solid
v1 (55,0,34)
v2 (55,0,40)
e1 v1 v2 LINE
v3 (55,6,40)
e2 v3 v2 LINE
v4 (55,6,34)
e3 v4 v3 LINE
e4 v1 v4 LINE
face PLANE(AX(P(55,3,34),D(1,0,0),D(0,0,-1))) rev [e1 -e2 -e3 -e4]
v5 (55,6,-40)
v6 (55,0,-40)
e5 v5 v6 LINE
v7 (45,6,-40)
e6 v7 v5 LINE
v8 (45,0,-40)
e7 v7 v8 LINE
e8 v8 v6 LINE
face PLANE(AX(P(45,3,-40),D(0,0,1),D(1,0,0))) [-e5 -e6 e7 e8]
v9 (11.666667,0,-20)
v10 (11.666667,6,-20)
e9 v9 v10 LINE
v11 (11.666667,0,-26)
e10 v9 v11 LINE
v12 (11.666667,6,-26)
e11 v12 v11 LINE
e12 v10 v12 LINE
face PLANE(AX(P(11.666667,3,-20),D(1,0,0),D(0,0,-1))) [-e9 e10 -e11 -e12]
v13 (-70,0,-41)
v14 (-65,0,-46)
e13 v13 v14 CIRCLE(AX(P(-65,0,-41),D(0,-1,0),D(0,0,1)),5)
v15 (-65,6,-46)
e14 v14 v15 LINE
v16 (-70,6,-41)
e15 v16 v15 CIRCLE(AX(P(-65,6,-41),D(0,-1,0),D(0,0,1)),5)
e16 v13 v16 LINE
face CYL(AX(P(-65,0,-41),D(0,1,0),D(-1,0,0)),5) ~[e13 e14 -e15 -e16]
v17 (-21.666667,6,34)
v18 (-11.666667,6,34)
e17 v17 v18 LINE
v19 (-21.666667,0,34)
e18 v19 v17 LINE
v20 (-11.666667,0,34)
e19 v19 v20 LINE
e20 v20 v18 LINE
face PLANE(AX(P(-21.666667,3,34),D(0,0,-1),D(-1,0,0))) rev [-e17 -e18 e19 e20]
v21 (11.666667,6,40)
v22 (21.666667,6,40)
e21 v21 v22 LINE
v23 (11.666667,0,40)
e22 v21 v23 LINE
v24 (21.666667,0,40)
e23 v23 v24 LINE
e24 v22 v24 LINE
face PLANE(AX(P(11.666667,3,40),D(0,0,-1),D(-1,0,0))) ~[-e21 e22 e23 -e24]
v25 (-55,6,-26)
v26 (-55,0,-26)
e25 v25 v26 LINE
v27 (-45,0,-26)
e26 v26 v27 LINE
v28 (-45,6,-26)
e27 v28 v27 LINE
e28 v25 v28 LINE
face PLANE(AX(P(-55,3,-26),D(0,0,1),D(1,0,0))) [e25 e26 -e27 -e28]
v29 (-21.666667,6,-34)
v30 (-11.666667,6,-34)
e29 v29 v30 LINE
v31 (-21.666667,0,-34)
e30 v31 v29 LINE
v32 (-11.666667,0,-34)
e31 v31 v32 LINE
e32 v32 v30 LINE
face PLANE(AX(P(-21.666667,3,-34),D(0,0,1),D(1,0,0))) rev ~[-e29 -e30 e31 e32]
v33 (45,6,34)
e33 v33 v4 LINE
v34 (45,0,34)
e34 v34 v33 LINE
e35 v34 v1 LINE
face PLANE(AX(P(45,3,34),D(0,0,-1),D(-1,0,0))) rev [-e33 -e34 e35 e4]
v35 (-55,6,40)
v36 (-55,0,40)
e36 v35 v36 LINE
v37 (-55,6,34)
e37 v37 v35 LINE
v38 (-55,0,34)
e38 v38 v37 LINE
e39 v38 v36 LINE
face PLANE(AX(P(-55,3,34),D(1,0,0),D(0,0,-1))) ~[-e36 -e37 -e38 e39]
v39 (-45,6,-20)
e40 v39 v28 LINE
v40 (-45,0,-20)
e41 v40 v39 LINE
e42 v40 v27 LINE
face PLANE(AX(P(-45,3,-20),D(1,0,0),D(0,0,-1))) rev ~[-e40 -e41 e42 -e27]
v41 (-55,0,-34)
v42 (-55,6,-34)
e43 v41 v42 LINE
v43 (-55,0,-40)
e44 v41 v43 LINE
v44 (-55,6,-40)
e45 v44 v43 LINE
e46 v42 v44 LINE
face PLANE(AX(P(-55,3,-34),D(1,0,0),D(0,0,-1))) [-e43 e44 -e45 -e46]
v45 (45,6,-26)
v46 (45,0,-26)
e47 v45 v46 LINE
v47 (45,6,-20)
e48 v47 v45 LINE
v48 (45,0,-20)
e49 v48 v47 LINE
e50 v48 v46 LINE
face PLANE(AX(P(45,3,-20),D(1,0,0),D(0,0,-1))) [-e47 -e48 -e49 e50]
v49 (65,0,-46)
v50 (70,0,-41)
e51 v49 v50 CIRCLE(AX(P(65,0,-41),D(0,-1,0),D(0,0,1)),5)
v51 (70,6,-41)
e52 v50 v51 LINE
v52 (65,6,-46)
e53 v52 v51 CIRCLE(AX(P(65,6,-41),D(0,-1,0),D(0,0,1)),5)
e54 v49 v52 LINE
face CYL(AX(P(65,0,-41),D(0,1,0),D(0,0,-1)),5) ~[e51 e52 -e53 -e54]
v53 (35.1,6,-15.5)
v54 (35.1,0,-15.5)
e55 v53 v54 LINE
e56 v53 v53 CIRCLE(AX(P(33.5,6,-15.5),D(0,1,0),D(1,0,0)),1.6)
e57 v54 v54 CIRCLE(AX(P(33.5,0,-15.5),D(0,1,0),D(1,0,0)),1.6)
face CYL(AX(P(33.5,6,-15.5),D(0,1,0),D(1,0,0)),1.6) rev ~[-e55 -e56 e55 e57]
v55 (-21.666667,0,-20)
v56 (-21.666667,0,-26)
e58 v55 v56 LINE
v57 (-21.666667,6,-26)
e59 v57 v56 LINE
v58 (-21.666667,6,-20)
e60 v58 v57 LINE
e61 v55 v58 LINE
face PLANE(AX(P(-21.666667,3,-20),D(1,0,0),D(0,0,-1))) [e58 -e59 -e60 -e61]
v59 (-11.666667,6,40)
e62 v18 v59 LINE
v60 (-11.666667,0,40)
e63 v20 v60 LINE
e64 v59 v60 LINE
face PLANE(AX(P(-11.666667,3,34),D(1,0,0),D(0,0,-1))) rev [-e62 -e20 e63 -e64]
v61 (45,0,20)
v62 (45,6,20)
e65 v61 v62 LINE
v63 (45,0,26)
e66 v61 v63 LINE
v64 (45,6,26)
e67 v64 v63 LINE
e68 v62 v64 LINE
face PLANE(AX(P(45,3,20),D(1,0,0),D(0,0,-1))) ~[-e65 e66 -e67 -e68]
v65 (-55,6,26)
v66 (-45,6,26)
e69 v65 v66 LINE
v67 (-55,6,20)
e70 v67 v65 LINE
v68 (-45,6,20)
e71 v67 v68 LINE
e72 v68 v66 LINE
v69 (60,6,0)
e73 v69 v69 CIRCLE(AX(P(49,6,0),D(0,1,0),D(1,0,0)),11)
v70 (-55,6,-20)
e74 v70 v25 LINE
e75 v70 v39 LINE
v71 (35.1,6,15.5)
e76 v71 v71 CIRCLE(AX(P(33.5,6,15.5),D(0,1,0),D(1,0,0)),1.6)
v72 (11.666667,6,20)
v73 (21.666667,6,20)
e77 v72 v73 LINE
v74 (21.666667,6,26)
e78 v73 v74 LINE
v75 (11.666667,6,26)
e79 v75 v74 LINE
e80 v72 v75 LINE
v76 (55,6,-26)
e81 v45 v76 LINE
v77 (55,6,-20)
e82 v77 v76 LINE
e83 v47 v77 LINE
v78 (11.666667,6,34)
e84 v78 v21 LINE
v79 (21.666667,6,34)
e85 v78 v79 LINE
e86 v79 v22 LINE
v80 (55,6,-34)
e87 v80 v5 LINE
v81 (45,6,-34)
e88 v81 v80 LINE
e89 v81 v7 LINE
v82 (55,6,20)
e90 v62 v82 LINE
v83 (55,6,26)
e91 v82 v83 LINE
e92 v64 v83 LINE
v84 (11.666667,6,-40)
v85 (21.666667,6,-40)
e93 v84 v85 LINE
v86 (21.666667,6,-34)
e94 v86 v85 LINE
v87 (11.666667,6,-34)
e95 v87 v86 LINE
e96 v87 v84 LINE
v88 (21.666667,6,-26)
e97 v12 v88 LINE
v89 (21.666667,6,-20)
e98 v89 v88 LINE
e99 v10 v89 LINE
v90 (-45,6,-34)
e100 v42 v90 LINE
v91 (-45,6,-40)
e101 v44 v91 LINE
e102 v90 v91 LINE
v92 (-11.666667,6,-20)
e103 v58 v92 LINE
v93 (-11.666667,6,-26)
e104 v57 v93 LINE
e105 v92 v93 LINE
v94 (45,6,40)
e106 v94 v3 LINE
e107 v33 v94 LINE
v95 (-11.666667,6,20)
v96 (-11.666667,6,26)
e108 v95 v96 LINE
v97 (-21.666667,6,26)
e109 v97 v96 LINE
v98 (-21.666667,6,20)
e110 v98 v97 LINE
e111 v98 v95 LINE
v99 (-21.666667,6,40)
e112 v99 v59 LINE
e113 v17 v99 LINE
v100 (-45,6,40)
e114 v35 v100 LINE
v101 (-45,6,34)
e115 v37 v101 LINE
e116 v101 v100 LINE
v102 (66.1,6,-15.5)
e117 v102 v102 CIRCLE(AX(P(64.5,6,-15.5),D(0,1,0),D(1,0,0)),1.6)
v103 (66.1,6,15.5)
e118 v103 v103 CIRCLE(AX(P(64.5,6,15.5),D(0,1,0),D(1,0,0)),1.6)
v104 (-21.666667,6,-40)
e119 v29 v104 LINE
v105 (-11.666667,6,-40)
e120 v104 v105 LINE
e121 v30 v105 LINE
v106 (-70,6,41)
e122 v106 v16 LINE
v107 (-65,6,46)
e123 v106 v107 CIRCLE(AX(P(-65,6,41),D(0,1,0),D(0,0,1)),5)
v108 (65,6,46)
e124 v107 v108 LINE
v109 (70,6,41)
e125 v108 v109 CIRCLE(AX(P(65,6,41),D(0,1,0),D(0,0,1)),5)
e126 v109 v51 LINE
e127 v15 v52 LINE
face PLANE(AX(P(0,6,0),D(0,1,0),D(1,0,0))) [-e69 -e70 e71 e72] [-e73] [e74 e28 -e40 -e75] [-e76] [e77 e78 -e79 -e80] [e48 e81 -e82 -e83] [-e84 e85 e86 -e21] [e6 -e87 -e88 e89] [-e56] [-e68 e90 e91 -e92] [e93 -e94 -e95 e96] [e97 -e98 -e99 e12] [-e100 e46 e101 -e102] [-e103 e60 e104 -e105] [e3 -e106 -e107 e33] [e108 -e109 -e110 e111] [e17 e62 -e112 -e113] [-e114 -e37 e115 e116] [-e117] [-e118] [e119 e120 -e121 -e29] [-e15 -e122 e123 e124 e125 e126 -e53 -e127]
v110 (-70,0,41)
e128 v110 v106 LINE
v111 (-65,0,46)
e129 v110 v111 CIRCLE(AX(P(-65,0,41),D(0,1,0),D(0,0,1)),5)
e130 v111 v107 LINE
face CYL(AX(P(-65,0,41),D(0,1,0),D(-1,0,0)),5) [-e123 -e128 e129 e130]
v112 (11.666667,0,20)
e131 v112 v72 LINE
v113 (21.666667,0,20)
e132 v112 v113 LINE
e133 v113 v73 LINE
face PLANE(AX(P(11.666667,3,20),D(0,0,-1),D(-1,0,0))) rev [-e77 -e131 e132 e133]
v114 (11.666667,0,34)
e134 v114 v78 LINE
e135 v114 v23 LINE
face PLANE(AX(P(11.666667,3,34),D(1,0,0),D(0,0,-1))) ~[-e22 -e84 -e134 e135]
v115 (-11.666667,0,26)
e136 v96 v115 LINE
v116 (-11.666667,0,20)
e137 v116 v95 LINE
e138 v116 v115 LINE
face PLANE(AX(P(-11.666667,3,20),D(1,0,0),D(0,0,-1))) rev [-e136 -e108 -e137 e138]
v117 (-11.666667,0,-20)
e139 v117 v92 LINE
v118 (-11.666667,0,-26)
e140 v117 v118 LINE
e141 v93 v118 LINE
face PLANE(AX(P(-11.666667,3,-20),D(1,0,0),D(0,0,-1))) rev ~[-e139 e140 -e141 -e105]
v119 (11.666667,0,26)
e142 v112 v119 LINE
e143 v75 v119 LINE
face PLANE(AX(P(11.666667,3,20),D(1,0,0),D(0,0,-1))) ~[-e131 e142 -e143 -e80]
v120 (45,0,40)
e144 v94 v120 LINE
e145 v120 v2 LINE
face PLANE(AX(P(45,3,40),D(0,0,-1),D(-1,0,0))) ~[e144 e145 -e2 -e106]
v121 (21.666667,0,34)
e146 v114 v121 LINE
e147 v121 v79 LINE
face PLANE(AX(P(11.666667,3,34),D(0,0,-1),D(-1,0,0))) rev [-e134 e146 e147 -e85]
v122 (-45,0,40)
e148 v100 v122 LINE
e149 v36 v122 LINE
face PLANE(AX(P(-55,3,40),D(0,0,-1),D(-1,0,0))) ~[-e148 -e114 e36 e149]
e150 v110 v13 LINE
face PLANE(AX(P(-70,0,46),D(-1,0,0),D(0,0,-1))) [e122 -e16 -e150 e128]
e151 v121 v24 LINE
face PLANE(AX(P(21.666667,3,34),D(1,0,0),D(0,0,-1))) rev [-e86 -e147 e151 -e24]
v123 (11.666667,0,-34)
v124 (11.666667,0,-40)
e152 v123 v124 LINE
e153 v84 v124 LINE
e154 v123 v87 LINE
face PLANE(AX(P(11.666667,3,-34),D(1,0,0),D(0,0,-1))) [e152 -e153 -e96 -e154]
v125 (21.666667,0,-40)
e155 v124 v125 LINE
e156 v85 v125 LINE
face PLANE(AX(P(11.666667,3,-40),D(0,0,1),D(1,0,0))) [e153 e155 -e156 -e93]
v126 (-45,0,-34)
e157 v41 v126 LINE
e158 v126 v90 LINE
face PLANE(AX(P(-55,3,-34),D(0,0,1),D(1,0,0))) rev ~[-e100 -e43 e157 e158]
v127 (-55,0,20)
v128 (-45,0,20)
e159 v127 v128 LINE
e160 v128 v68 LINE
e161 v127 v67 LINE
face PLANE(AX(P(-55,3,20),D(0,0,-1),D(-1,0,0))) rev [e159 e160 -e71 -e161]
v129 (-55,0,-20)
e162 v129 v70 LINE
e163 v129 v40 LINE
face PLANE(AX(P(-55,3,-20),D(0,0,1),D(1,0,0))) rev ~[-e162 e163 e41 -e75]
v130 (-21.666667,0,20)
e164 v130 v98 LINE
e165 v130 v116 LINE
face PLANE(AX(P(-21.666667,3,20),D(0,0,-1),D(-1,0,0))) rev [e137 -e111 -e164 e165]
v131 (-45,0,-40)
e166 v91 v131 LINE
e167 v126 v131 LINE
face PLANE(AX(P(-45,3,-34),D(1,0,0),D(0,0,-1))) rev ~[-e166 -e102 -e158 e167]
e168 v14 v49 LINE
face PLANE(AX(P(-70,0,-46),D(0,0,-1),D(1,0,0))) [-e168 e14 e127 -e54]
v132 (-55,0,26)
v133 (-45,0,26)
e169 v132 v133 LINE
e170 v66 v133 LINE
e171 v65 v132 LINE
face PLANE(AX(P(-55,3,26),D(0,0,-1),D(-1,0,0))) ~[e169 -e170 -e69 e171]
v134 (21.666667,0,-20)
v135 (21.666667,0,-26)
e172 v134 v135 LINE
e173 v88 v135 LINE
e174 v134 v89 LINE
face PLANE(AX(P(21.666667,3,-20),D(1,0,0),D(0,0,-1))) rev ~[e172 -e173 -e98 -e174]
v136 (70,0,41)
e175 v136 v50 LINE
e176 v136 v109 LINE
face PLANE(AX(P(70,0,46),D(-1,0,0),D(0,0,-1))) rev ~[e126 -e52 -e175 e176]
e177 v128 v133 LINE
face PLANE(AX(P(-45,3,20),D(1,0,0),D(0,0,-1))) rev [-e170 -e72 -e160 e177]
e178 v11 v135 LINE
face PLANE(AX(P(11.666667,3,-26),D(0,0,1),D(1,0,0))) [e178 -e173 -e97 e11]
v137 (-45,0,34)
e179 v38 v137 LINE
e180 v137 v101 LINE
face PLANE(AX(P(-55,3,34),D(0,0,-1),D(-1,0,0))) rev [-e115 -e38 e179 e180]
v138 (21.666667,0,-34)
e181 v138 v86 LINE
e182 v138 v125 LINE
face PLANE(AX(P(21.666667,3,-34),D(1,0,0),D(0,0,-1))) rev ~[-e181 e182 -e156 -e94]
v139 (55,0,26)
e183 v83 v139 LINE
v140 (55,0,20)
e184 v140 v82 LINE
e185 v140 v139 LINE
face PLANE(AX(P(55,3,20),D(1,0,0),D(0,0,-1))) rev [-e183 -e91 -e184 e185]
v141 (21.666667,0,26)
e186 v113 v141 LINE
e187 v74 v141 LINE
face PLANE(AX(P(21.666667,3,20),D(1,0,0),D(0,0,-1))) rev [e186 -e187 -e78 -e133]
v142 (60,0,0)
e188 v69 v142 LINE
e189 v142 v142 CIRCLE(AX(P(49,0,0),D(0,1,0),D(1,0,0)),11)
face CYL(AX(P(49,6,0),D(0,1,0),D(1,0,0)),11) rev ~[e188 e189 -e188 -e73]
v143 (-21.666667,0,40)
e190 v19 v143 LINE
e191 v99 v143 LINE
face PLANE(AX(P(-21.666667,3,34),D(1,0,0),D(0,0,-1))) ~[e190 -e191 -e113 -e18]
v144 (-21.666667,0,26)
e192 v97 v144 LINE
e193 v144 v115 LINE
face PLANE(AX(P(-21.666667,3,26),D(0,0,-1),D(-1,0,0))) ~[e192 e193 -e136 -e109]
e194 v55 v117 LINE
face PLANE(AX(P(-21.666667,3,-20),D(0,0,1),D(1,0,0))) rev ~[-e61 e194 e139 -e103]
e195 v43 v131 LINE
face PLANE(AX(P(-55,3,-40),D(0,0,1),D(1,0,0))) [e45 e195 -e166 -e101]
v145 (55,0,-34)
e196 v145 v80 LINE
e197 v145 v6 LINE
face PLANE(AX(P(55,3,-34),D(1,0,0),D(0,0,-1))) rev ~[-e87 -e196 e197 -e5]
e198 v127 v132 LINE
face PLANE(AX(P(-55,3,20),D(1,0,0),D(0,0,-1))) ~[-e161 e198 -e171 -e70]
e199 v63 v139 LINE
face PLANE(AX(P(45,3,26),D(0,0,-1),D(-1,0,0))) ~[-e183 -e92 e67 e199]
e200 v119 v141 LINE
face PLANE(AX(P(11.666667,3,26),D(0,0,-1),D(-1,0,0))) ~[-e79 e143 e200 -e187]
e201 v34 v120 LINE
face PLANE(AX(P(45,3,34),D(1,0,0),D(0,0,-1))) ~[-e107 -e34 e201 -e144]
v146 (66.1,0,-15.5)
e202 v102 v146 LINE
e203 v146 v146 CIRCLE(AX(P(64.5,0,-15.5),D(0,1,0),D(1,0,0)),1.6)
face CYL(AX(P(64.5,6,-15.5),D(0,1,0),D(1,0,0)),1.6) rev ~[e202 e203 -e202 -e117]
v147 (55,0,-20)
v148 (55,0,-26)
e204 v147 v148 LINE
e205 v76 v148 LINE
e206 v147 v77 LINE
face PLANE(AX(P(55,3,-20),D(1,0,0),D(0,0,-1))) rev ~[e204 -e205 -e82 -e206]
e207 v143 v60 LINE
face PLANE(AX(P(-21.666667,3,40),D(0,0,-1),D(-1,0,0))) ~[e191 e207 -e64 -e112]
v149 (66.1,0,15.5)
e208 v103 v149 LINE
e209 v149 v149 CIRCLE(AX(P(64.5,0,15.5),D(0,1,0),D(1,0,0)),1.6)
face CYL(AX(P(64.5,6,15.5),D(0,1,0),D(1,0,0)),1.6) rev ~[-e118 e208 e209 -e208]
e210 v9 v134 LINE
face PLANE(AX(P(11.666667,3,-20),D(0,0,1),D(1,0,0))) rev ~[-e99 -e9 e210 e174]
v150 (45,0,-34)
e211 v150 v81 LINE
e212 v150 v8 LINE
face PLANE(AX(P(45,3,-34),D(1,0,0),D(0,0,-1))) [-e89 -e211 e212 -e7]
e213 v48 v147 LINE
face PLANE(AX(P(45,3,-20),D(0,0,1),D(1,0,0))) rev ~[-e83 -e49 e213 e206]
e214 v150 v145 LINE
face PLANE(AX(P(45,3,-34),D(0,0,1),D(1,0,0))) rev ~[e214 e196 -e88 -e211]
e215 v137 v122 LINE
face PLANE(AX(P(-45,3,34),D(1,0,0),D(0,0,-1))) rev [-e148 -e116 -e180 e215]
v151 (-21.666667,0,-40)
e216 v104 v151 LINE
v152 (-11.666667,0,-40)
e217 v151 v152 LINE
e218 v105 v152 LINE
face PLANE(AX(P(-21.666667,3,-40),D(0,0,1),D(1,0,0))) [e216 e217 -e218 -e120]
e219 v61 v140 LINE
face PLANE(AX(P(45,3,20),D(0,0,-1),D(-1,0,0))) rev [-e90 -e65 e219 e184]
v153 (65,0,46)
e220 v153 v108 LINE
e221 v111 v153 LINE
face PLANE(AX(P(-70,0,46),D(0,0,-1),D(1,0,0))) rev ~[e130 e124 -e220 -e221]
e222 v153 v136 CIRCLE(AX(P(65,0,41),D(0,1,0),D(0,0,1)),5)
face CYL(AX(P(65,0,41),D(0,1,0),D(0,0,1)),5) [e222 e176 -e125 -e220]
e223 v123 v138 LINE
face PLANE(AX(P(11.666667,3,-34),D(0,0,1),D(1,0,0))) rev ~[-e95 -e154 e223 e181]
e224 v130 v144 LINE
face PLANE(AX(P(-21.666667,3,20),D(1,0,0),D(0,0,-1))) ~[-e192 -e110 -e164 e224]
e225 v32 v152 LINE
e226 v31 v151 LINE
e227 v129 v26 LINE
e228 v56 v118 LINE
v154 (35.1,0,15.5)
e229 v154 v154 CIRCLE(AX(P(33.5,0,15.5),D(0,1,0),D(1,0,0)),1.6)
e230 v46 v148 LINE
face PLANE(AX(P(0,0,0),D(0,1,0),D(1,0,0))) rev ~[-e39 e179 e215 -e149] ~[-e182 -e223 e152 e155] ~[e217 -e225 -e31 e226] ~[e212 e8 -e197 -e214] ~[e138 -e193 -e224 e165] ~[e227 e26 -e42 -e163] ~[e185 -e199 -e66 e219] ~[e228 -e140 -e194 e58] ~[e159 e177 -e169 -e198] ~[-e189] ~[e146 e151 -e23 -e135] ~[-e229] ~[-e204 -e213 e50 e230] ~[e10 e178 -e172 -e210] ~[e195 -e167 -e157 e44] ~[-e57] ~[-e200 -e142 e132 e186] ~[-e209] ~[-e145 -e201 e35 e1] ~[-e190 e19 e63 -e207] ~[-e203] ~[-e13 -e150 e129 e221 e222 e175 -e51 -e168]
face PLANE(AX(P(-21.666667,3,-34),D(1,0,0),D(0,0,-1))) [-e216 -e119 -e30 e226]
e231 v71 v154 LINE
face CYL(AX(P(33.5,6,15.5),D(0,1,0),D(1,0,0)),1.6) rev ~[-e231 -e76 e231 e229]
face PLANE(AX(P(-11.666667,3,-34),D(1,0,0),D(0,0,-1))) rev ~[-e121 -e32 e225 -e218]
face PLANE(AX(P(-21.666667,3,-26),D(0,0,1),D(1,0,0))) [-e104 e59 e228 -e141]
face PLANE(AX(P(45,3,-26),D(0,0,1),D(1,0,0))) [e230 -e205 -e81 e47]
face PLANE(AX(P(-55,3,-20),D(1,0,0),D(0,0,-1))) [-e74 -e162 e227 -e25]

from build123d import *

# Parameters (mm, degrees)
SKETCH1_W            = 140
SKETCH1_H            = 92
BOSS_EXTRUDE1_DEPTH  = 6
SKETCH3_R            = 11
SKETCH3_R_2          = 1.6
CUT_EXTRUDE2_DEPTH   = 7
SKETCH6_W            = 10
SKETCH6_H            = 6
CUT_EXTRUDE12_DEPTH  = 4
SKETCH61_W           = 10
SKETCH61_H           = 6
CUT_EXTRUDE14_DEPTH  = 4
SKETCH62_W           = 10
SKETCH62_H           = 6
CUT_EXTRUDE15_DEPTH  = 4
SKETCH63_W           = 10
SKETCH63_H           = 6
CUT_EXTRUDE16_DEPTH  = 4
SKETCH65_W           = 10
SKETCH65_H           = 6
CUT_EXTRUDE17_DEPTH  = 4
SKETCH66_W           = 10
SKETCH66_H           = 6
CUT_EXTRUDE18_DEPTH  = 4
SKETCH67_W           = 10
SKETCH67_H           = 6
CUT_EXTRUDE19_DEPTH  = 4
SKETCH68_W           = 10
SKETCH68_H           = 6
CUT_EXTRUDE110_DEPTH = 4
FILLET1_R            = 5


with BuildPart() as part:
    # Sketch1 → Boss-Extrude1 (new body)
    with BuildSketch(Plane(origin=(0, 0, 0), x_dir=(1, 0, 0), z_dir=(0, 1, 0))):
        Rectangle(SKETCH1_W, SKETCH1_H)
    extrude(amount=BOSS_EXTRUDE1_DEPTH)

    # Sketch3 → Cut-Extrude2 (cut, through all)
    with BuildSketch(Plane(origin=(0, 6, 0), x_dir=(1, 0, 0), z_dir=(0, 1, 0))):
        with Locations((49, 0)):
            Circle(SKETCH3_R)
        with Locations((33.5, -15.5)):
            Circle(SKETCH3_R_2)
        with Locations((33.5, 15.5)):
            Circle(SKETCH3_R_2)
        with Locations((64.5, 15.5)):
            Circle(SKETCH3_R_2)
        with Locations((64.5, -15.5)):
            Circle(SKETCH3_R_2)
    extrude(amount=-CUT_EXTRUDE2_DEPTH, mode=Mode.SUBTRACT)

    # Sketch6 → Cut-Extrude12 (cut, symmetric)
    with BuildSketch(Plane(origin=(49.232221392, 3, -81), x_dir=(1, 0, 0), z_dir=(0, 1, 0))):
        with Locations((0.767778608, -44)):
            Rectangle(SKETCH6_W, SKETCH6_H)
    cut_extrude12 = extrude(amount=CUT_EXTRUDE12_DEPTH, both=True, mode=Mode.SUBTRACT)

    # Sketch61 → Cut-Extrude14 (cut, symmetric)
    with BuildSketch(Plane(origin=(15.898888059, 3, -81), x_dir=(1, 0, 0), z_dir=(0, 1, 0))):
        with Locations((0.767778608, -44)):
            Rectangle(SKETCH61_W, SKETCH61_H)
    cut_extrude14 = extrude(amount=CUT_EXTRUDE14_DEPTH, both=True, mode=Mode.SUBTRACT)

    # Sketch62 → Cut-Extrude15 (cut, symmetric)
    with BuildSketch(Plane(origin=(-17.434445274, 3, -81), x_dir=(1, 0, 0), z_dir=(0, 1, 0))):
        with Locations((0.767778608, -44)):
            Rectangle(SKETCH62_W, SKETCH62_H)
    cut_extrude15 = extrude(amount=CUT_EXTRUDE15_DEPTH, both=True, mode=Mode.SUBTRACT)

    # Sketch63 → Cut-Extrude16 (cut, symmetric)
    with BuildSketch(Plane(origin=(-50.767778608, 3, -81), x_dir=(1, 0, 0), z_dir=(0, 1, 0))):
        with Locations((0.767778608, -44)):
            Rectangle(SKETCH63_W, SKETCH63_H)
    cut_extrude16 = extrude(amount=CUT_EXTRUDE16_DEPTH, both=True, mode=Mode.SUBTRACT)

    # Sketch65 → Cut-Extrude17 (cut, symmetric)
    with BuildSketch(Plane(origin=(49.232221392, 3, -67), x_dir=(1, 0, 0), z_dir=(0, 1, 0))):
        with Locations((0.767778608, -44)):
            Rectangle(SKETCH65_W, SKETCH65_H)
    cut_extrude17 = extrude(amount=CUT_EXTRUDE17_DEPTH, both=True, mode=Mode.SUBTRACT)

    # Sketch66 → Cut-Extrude18 (cut, symmetric)
    with BuildSketch(Plane(origin=(15.898888059, 3, -67), x_dir=(1, 0, 0), z_dir=(0, 1, 0))):
        with Locations((0.767778608, -44)):
            Rectangle(SKETCH66_W, SKETCH66_H)
    cut_extrude18 = extrude(amount=CUT_EXTRUDE18_DEPTH, both=True, mode=Mode.SUBTRACT)

    # Sketch67 → Cut-Extrude19 (cut, symmetric)
    with BuildSketch(Plane(origin=(-17.434445274, 3, -67), x_dir=(1, 0, 0), z_dir=(0, 1, 0))):
        with Locations((0.767778608, -44)):
            Rectangle(SKETCH67_W, SKETCH67_H)
    cut_extrude19 = extrude(amount=CUT_EXTRUDE19_DEPTH, both=True, mode=Mode.SUBTRACT)

    # Sketch68 → Cut-Extrude110 (cut, symmetric)
    with BuildSketch(Plane(origin=(-50.767778608, 3, -67), x_dir=(1, 0, 0), z_dir=(0, 1, 0))):
        with Locations((0.767778608, -44)):
            Rectangle(SKETCH68_W, SKETCH68_H)
    cut_extrude110 = extrude(amount=CUT_EXTRUDE110_DEPTH, both=True, mode=Mode.SUBTRACT)

    # Mirror1: Cut-Extrude12, Cut-Extrude14, Cut-Extrude15, Cut-Extrude16, Cut-Extrude17, Cut-Extrude18, Cut-Extrude19, Cut-Extrude110 across plane
    add(cut_extrude12.mirror(Plane.XY), mode=Mode.SUBTRACT)
    add(cut_extrude14.mirror(Plane.XY), mode=Mode.SUBTRACT)
    add(cut_extrude15.mirror(Plane.XY), mode=Mode.SUBTRACT)
    add(cut_extrude16.mirror(Plane.XY), mode=Mode.SUBTRACT)
    add(cut_extrude17.mirror(Plane.XY), mode=Mode.SUBTRACT)
    add(cut_extrude18.mirror(Plane.XY), mode=Mode.SUBTRACT)
    add(cut_extrude19.mirror(Plane.XY), mode=Mode.SUBTRACT)
    add(cut_extrude110.mirror(Plane.XY), mode=Mode.SUBTRACT)

    # Fillet1
    fillet1_edges = [part.edges().sort_by_distance(p)[0] for p in [
        (70, 3, 46),
        (-70, 3, 46),
        (-70, 3, -46),
        (70, 3, -46),
    ]]
    fillet(fillet1_edges, radius=FILLET1_R)


solid = part.part
